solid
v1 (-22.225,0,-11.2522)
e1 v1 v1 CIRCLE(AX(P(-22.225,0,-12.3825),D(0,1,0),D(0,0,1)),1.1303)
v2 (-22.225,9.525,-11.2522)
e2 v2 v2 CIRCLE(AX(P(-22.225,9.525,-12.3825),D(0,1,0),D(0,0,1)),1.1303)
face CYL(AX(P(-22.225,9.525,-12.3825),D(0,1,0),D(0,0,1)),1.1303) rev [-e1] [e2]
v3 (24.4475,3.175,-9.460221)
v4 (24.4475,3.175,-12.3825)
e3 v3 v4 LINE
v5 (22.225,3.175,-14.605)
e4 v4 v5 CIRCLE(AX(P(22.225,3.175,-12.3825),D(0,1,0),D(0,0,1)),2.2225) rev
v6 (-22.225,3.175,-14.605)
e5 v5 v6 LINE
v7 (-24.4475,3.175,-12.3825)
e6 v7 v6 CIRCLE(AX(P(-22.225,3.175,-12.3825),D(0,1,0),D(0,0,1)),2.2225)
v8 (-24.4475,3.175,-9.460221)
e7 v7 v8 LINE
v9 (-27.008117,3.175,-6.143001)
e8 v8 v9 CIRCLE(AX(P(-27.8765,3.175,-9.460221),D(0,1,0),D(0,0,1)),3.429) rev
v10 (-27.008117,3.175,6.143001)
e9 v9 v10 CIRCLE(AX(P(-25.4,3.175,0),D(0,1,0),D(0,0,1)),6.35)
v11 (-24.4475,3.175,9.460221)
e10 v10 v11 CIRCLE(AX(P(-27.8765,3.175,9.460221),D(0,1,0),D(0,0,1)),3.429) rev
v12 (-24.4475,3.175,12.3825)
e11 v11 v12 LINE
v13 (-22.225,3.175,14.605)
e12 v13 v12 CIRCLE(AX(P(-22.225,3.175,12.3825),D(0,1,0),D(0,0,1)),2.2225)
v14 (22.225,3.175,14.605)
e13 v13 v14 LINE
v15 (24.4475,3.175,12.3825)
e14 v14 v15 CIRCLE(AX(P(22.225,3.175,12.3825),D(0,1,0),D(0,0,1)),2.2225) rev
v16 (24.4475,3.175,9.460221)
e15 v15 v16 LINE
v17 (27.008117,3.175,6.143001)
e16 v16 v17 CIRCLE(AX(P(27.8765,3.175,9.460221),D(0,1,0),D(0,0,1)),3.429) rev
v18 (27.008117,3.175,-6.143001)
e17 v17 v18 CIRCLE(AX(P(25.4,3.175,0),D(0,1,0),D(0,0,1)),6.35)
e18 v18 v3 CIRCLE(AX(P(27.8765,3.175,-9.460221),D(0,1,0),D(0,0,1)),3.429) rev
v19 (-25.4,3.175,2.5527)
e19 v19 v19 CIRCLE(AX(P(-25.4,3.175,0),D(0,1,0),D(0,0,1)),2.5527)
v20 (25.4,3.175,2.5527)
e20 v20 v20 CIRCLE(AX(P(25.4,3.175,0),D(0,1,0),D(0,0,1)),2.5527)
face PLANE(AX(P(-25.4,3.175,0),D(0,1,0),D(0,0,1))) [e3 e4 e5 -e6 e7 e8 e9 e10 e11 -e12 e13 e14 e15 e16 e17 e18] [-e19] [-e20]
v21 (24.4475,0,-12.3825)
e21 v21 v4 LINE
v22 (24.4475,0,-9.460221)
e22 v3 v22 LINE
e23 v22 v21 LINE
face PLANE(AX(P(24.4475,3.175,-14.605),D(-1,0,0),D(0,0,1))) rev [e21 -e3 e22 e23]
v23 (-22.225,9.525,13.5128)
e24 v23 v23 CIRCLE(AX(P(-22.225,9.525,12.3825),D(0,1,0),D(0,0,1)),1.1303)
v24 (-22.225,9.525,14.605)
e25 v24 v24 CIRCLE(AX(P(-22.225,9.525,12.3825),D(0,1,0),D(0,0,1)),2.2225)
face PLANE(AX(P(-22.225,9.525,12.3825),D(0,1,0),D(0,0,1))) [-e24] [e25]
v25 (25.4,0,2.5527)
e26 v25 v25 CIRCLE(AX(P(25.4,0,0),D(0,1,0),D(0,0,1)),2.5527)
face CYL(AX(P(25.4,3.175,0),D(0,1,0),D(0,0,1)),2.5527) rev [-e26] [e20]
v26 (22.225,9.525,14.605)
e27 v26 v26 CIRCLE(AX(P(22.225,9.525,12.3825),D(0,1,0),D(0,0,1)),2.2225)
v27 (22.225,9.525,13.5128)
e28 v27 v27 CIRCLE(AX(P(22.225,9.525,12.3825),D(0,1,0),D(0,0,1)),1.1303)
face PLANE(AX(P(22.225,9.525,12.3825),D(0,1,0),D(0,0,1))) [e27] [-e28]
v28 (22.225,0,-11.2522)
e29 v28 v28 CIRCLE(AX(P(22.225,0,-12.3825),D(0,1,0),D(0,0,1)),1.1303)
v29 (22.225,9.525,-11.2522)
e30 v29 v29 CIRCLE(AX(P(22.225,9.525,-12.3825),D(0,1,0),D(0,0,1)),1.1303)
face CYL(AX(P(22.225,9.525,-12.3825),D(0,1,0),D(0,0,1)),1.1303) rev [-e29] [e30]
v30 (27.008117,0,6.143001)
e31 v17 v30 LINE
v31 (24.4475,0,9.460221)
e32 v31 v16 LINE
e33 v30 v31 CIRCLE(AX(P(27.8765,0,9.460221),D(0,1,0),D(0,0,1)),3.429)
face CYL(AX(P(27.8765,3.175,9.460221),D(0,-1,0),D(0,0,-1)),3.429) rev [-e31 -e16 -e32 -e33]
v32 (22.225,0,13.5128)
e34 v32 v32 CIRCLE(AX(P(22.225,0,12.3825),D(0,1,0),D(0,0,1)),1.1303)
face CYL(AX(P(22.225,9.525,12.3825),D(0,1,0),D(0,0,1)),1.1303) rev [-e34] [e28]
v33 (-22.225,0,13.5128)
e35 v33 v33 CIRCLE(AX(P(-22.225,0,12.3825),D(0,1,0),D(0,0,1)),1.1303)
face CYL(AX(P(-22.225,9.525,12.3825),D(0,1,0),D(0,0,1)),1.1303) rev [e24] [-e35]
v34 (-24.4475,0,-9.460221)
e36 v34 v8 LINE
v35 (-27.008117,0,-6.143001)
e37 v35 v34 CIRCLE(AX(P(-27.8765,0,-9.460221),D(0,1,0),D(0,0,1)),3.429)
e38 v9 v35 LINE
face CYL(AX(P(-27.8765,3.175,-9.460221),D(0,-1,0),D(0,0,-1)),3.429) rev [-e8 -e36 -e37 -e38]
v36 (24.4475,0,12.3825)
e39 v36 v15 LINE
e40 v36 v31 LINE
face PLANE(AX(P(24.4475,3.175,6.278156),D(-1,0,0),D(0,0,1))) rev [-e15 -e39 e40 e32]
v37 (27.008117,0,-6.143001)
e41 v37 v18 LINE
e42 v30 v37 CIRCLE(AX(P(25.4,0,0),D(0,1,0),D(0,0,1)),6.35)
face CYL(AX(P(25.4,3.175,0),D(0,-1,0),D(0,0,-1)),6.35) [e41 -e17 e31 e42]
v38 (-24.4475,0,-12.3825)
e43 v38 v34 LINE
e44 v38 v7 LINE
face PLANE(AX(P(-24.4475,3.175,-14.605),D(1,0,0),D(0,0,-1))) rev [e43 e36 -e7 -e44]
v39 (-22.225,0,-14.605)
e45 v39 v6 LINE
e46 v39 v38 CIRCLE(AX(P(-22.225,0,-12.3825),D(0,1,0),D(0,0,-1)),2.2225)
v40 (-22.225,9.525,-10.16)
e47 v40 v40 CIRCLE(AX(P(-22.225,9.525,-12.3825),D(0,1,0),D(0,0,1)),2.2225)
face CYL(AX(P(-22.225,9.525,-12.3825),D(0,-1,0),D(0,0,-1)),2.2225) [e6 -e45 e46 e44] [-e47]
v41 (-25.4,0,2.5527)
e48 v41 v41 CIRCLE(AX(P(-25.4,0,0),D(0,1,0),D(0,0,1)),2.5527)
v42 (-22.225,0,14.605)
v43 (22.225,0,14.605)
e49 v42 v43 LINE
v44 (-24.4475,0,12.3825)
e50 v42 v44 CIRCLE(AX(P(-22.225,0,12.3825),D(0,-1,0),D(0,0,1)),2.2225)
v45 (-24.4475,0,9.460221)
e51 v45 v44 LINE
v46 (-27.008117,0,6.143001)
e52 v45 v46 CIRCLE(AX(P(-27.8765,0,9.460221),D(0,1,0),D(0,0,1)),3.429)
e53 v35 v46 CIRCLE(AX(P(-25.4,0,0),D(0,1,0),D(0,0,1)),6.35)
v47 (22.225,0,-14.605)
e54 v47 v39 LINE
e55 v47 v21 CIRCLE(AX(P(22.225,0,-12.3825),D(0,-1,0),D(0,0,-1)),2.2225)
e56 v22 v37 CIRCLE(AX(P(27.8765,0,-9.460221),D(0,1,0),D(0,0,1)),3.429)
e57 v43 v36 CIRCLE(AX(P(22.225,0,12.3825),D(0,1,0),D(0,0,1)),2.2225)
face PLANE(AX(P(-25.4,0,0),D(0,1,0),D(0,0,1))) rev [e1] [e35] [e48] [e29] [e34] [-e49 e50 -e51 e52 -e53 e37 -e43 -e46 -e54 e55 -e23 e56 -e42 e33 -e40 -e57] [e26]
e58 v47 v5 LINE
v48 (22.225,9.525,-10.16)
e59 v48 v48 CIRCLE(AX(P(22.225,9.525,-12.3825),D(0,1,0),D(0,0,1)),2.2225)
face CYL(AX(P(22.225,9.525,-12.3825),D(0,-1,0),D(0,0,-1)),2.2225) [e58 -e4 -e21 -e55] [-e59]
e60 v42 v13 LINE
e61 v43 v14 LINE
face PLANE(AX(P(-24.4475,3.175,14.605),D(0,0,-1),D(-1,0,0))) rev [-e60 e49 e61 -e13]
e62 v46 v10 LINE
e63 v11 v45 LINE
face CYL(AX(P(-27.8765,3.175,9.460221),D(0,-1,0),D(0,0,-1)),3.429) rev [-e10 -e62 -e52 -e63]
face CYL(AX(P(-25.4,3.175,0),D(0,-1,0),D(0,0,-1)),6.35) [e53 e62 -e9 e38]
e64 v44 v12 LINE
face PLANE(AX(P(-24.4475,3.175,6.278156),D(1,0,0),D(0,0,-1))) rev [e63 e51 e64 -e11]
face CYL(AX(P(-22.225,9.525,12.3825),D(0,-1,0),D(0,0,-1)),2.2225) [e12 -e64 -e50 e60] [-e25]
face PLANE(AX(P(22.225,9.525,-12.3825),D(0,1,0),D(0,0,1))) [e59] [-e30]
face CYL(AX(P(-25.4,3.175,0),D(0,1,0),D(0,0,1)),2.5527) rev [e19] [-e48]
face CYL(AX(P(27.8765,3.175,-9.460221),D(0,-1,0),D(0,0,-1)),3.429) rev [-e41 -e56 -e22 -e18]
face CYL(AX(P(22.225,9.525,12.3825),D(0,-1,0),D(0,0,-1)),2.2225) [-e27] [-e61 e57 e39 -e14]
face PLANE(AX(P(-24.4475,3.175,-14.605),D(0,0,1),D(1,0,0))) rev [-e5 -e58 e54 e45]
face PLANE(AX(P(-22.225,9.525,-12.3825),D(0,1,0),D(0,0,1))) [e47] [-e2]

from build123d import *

# Parameters (mm, degrees)
BOSS_EXTRUDE1_DEPTH    = 3.175
FILLET1_R              = 3.429
F_10_CLEARANCE_HOLE1_D = 5.1054
SKETCH4_R              = 2.2225
BOSS_EXTRUDE2_DEPTH    = 6.35
F_4_40_TAPPED_HOLE1_D  = 2.2606
CUT_EXTRUDE1_DEPTH     = 4.175
MIRROR2_COPY_1_DEPTH   = 4.175


with BuildPart() as part:
    # Sketch1 → Boss-Extrude1 (new body)
    with BuildSketch(Plane(origin=(0, 0, 0), x_dir=(1, 0, 0), z_dir=(0, 1, 0))):
        with BuildLine():
            Line((-24.4475, 14.605), (24.4475, 14.605))
            Line((24.4475, 14.605), (24.4475, 6.278156079))
            ThreePointArc((24.4475, 6.278156079), (31.75, 0), (24.4475, -6.278156079))
            Line((24.4475, -6.278156079), (24.4475, -14.605))
            Line((24.4475, -14.605), (-24.4475, -14.605))
            Line((-24.4475, -14.605), (-24.4475, -6.278156079))
            ThreePointArc((-24.4475, -6.278156079), (-31.75, 0), (-24.4475, 6.278156079))
            Line((-24.4475, 6.278156079), (-24.4475, 14.605))
        make_face()
    extrude(amount=BOSS_EXTRUDE1_DEPTH)

    # Fillet1
    fillet1_edges = [part.edges().sort_by_distance(p)[0] for p in [
        (-24.4475, 1.5875, 6.278156079),
        (-24.4475, 1.5875, -6.278156079),
        (24.4475, 1.5875, -6.278156079),
        (24.4475, 1.5875, 6.278156079),
    ]]
    fillet(fillet1_edges, radius=FILLET1_R)

    # #10 Clearance Hole1 (through all)
    with Locations(Plane(origin=(0, 3.175, 0), x_dir=(1, 0, 0), z_dir=(0, 1, 0))):
        with Locations((25.4, 0), (-25.4, 0)):
            Hole(F_10_CLEARANCE_HOLE1_D / 2)

    # Sketch4 → Boss-Extrude2 (add)
    with BuildSketch(Plane(origin=(0, 3.175, 0), x_dir=(1, 0, 0), z_dir=(0, 1, 0))):
        with Locations((-22.225, 12.3825)):
            Circle(SKETCH4_R)
        with Locations((22.225, 12.3825)):
            Circle(SKETCH4_R)
        with Locations((22.225, -12.3825)):
            Circle(SKETCH4_R)
        with Locations((-22.225, -12.3825)):
            Circle(SKETCH4_R)
    extrude(amount=BOSS_EXTRUDE2_DEPTH)

    # #4-40 Tapped Hole1 (through all)
    with Locations(Plane(origin=(0, 9.525, 0), x_dir=(1, 0, 0), z_dir=(0, 1, 0))):
        with Locations((22.225, 12.3825), (-22.225, 12.3825), (-22.225, -12.3825), (22.225, -12.3825)):
            Hole(F_4_40_TAPPED_HOLE1_D / 2)

    # Sketch7 → Cut-Extrude1 (cut, through all)
    with BuildSketch(Plane(origin=(0, 3.175, 0), x_dir=(1, 0, 0), z_dir=(0, 1, 0))):
        with BuildLine():
            Line((-24.4475, -14.605), (-22.225, -14.605))
            ThreePointArc((-22.225, -14.605), (-23.796544821, -13.954044821), (-24.4475, -12.3825))
            Line((-24.4475, -12.3825), (-24.4475, -14.605))
        make_face()
    cut_extrude1 = extrude(amount=-CUT_EXTRUDE1_DEPTH, mode=Mode.SUBTRACT)

    # Mirror1: Cut-Extrude1 across plane
    add(cut_extrude1.mirror(Plane.XY), mode=Mode.SUBTRACT)

    # Mirror2: Cut-Extrude1 across plane
    add(cut_extrude1.mirror(Plane(origin=(0, 0, 0), x_dir=(0, 0, 1), z_dir=(1, 0, 0))), mode=Mode.SUBTRACT)

    # Mirror2 copy 1 sketch → Mirror2 copy 1 (cut, through all)
    with BuildSketch(Plane(origin=(0, 3.175, 0), x_dir=(-1, 0, 0), z_dir=(0, 1, 0))):
        with BuildLine():
            Line((-24.4475, -14.605), (-22.225, -14.605))
            ThreePointArc((-22.225, -14.605), (-23.796544821, -13.954044821), (-24.4475, -12.3825))
            Line((-24.4475, -12.3825), (-24.4475, -14.605))
        make_face()
    extrude(amount=-MIRROR2_COPY_1_DEPTH, mode=Mode.SUBTRACT)


solid = part.part
